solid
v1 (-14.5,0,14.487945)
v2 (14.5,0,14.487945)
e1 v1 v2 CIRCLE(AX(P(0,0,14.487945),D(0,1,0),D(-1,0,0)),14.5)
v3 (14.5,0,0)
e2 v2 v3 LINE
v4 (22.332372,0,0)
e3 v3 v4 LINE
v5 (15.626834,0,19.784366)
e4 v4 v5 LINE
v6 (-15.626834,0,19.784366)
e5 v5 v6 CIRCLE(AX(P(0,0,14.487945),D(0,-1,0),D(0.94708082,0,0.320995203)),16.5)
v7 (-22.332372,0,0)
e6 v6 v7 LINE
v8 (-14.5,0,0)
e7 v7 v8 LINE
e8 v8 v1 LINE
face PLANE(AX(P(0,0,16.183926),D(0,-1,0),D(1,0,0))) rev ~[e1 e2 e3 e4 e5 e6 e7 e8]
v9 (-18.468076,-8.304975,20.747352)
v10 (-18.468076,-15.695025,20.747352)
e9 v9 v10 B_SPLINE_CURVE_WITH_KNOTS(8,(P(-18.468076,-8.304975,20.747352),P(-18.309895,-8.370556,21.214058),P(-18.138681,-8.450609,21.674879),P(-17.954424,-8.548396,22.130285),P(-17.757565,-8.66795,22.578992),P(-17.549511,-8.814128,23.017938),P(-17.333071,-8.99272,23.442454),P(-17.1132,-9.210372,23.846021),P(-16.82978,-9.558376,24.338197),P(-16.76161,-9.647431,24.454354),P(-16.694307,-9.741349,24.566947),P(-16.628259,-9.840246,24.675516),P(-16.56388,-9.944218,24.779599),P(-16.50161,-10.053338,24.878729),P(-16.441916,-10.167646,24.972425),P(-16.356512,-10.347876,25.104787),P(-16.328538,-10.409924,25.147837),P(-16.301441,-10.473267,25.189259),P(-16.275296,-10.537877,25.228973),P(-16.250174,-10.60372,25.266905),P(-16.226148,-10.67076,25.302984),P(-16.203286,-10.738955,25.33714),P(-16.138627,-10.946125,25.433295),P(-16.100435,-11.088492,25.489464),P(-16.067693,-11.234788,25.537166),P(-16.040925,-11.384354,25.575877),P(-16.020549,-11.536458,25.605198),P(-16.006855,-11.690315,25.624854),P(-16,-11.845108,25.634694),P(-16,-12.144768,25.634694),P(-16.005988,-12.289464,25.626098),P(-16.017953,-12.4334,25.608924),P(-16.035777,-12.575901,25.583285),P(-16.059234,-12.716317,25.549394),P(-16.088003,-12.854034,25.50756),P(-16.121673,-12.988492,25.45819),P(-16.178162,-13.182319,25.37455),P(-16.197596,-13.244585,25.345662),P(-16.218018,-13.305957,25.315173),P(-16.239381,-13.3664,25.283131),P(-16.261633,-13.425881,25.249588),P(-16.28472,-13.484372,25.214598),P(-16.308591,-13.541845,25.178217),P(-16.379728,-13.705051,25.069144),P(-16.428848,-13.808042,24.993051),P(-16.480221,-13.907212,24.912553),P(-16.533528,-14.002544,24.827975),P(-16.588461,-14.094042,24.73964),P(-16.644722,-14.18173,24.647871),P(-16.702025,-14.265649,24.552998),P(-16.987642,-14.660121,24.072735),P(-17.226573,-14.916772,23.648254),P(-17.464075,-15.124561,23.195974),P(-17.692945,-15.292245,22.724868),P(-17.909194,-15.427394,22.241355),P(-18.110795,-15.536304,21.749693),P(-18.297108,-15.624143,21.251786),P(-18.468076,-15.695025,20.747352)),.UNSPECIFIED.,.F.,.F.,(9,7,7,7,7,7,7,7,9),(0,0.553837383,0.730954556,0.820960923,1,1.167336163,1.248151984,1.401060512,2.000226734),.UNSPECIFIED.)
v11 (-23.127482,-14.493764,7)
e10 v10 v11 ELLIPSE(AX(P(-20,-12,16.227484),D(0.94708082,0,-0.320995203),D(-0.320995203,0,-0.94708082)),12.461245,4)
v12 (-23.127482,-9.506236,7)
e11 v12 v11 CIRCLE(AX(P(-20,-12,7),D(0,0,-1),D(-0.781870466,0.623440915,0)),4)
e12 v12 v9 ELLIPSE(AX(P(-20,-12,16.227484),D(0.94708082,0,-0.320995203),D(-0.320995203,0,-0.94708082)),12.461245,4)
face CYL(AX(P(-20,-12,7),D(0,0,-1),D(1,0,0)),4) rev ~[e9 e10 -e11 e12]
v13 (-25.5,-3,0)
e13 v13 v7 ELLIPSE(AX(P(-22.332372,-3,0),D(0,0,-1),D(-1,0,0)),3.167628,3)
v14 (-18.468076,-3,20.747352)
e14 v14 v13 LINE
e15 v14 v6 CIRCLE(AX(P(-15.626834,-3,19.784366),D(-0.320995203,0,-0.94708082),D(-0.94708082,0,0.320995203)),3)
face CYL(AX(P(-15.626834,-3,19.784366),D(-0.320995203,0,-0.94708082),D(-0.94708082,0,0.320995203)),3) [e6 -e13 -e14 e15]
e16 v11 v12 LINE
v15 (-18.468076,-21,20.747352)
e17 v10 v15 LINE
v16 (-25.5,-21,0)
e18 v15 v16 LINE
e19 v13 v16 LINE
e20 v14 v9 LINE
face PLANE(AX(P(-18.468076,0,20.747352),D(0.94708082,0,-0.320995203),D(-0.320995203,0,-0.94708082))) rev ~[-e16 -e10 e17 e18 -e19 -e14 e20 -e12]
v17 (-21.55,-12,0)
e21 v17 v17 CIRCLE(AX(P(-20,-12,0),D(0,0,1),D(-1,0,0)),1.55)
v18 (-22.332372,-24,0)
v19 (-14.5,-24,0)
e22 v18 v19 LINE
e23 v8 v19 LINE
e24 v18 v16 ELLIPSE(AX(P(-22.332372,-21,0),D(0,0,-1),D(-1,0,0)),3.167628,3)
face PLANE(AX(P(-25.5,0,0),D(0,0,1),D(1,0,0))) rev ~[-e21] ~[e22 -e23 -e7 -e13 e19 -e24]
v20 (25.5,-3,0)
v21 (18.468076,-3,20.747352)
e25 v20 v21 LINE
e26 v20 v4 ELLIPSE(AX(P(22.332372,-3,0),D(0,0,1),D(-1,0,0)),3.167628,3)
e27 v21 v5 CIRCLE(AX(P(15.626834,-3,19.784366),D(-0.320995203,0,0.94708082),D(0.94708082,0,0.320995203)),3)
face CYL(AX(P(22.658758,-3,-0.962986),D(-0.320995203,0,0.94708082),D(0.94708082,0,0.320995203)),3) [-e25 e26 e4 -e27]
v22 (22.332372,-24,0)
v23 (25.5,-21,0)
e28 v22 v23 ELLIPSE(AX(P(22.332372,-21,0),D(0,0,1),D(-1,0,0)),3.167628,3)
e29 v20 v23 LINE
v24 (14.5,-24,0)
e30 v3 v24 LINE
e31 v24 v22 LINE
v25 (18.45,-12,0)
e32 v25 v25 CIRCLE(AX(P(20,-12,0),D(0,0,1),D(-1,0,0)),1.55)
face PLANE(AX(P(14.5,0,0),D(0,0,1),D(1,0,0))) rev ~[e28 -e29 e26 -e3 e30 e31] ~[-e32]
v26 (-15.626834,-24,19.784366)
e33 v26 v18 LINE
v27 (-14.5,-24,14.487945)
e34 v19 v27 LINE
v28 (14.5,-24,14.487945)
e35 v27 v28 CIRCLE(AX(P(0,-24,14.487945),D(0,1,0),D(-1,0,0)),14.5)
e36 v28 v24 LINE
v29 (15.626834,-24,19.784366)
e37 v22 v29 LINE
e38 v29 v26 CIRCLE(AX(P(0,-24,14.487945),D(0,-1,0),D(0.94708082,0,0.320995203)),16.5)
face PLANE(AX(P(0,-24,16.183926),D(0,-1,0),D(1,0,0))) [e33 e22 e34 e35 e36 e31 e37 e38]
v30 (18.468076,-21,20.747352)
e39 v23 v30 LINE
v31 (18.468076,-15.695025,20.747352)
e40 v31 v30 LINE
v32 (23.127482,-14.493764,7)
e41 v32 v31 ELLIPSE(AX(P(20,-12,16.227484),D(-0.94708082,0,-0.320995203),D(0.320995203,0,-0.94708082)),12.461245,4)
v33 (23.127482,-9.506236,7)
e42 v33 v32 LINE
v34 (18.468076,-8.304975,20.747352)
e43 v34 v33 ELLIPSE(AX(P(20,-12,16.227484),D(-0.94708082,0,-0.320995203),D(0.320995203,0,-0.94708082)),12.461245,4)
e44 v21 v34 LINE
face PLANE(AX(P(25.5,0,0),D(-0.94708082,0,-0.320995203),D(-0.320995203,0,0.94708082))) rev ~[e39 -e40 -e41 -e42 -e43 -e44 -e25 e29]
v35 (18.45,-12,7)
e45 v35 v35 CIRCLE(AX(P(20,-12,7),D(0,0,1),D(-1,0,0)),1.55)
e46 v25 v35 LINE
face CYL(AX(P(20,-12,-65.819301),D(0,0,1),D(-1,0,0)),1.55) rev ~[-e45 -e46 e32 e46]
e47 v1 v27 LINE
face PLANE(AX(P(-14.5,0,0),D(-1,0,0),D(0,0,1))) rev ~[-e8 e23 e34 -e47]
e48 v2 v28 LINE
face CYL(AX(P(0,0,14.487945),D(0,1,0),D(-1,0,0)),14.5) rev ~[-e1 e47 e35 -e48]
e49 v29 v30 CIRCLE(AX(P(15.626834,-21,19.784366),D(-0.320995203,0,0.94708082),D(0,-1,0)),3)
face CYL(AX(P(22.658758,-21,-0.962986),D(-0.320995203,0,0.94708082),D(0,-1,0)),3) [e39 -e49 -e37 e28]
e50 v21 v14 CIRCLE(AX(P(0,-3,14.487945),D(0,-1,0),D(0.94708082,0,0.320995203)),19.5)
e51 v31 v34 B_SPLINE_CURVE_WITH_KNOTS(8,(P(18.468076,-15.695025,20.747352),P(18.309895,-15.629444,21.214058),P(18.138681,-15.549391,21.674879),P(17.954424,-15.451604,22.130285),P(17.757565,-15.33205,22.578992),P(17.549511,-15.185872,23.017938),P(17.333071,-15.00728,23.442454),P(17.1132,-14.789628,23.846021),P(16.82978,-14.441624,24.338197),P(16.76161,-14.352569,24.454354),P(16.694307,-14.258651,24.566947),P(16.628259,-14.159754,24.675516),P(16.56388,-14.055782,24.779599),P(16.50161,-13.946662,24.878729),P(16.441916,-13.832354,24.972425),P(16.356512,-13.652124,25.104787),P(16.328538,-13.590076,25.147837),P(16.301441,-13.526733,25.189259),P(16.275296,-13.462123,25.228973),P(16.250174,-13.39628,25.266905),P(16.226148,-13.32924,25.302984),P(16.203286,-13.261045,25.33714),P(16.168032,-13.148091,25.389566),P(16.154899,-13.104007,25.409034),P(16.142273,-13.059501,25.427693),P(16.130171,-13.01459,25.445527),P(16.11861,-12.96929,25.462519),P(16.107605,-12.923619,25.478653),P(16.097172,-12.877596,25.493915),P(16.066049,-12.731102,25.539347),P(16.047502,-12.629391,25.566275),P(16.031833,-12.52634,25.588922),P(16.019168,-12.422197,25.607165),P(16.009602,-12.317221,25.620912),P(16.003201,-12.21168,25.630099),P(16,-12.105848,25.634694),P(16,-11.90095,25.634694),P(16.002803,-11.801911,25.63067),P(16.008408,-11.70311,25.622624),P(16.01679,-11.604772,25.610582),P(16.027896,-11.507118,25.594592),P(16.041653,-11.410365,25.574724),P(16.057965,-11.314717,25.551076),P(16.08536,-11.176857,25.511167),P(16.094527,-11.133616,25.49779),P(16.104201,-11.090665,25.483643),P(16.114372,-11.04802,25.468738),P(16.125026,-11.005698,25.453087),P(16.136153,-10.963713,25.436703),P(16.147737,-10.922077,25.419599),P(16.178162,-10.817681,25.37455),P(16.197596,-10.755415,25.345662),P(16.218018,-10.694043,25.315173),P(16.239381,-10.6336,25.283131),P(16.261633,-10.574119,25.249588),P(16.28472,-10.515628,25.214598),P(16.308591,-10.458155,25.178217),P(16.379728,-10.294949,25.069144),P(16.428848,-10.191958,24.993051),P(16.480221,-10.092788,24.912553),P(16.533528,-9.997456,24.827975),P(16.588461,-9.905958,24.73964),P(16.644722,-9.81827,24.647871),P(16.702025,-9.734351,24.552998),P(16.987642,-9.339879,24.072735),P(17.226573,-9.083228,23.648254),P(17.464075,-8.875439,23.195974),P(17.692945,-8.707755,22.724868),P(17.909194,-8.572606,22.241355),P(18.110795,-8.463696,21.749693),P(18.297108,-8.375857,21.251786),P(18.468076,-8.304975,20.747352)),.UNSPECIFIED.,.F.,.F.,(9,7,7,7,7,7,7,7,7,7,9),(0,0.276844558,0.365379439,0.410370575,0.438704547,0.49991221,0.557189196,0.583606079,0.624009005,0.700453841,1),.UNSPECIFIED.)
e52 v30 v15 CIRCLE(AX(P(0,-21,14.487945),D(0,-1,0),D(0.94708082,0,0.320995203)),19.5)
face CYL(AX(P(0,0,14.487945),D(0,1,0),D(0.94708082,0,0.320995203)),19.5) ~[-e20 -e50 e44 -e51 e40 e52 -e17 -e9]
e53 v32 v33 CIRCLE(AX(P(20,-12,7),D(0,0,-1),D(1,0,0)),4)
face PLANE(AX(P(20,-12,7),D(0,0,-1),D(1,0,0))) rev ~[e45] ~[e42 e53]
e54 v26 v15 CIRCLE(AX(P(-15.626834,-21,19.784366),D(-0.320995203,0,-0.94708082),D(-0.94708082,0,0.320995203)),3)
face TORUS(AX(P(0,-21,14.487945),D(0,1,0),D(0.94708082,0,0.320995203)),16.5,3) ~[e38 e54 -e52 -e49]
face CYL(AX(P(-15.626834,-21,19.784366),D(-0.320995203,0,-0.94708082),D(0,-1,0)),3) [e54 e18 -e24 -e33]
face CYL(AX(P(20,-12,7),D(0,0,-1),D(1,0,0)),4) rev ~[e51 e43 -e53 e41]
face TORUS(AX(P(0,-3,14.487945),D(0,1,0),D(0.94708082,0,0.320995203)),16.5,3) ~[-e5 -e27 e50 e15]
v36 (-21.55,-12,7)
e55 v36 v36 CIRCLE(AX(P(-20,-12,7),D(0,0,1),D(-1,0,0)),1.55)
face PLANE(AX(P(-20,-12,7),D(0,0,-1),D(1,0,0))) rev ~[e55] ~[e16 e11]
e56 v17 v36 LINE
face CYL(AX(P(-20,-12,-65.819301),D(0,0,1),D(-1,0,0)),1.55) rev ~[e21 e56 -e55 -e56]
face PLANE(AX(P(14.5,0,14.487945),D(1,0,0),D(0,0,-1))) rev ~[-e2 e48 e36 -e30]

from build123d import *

# Parameters (mm, degrees)
F1_DEPTH = 24
F3_D     = 3.1
F6_D     = 8
F6_DEPTH = 26.9889453037
F7_R     = 3


with BuildPart() as f1:
    # F0 (on Front) → F1 (new body)
    with BuildSketch(Plane.XZ):
        with BuildLine():
            ThreePointArc((-14.5, 14.4879452037), (0, 28.9879452037), (14.5, 14.4879452037))
            Line((14.5, 14.4879452037), (14.5, 0))
            Line((14.5, 0), (25.5, 0))
            Line((25.5, 0), (18.4680759907, 20.7473516612))
            ThreePointArc((18.4680759907, 20.7473516612), (0, 33.9879452037), (-18.4680759907, 20.7473516612))
            Line((-18.4680759907, 20.7473516612), (-25.5, 0))
            Line((-25.5, 0), (-14.5, 0))
            Line((-14.5, 0), (-14.5, 14.4879452037))
        make_face()
    extrude(amount=F1_DEPTH)

    # F3 (through all)
    with Locations(Plane(origin=(0, 0, 0), x_dir=(1, 0, 0), z_dir=(0, 0, -1))):
        with Locations((-20, 12), (20, 12)):
            Hole(F3_D / 2)

    # F6 (through all, one way)
    with BuildSketch(Plane(origin=(0, 0, 7), x_dir=(1, 0, 0), z_dir=(0, 0, -1))):
        with Locations((-20, 12), (20, 12)):
            Circle(F6_D / 2)
    extrude(amount=-F6_DEPTH, mode=Mode.SUBTRACT)

    # F7
    f7_edges = [f1.edges().sort_by_distance(p)[0] for p in [
        (0, 0, 33.987945),
        (0, -24, 33.987945),
    ]]
    fillet(f7_edges, radius=F7_R)


solid = f1.part
